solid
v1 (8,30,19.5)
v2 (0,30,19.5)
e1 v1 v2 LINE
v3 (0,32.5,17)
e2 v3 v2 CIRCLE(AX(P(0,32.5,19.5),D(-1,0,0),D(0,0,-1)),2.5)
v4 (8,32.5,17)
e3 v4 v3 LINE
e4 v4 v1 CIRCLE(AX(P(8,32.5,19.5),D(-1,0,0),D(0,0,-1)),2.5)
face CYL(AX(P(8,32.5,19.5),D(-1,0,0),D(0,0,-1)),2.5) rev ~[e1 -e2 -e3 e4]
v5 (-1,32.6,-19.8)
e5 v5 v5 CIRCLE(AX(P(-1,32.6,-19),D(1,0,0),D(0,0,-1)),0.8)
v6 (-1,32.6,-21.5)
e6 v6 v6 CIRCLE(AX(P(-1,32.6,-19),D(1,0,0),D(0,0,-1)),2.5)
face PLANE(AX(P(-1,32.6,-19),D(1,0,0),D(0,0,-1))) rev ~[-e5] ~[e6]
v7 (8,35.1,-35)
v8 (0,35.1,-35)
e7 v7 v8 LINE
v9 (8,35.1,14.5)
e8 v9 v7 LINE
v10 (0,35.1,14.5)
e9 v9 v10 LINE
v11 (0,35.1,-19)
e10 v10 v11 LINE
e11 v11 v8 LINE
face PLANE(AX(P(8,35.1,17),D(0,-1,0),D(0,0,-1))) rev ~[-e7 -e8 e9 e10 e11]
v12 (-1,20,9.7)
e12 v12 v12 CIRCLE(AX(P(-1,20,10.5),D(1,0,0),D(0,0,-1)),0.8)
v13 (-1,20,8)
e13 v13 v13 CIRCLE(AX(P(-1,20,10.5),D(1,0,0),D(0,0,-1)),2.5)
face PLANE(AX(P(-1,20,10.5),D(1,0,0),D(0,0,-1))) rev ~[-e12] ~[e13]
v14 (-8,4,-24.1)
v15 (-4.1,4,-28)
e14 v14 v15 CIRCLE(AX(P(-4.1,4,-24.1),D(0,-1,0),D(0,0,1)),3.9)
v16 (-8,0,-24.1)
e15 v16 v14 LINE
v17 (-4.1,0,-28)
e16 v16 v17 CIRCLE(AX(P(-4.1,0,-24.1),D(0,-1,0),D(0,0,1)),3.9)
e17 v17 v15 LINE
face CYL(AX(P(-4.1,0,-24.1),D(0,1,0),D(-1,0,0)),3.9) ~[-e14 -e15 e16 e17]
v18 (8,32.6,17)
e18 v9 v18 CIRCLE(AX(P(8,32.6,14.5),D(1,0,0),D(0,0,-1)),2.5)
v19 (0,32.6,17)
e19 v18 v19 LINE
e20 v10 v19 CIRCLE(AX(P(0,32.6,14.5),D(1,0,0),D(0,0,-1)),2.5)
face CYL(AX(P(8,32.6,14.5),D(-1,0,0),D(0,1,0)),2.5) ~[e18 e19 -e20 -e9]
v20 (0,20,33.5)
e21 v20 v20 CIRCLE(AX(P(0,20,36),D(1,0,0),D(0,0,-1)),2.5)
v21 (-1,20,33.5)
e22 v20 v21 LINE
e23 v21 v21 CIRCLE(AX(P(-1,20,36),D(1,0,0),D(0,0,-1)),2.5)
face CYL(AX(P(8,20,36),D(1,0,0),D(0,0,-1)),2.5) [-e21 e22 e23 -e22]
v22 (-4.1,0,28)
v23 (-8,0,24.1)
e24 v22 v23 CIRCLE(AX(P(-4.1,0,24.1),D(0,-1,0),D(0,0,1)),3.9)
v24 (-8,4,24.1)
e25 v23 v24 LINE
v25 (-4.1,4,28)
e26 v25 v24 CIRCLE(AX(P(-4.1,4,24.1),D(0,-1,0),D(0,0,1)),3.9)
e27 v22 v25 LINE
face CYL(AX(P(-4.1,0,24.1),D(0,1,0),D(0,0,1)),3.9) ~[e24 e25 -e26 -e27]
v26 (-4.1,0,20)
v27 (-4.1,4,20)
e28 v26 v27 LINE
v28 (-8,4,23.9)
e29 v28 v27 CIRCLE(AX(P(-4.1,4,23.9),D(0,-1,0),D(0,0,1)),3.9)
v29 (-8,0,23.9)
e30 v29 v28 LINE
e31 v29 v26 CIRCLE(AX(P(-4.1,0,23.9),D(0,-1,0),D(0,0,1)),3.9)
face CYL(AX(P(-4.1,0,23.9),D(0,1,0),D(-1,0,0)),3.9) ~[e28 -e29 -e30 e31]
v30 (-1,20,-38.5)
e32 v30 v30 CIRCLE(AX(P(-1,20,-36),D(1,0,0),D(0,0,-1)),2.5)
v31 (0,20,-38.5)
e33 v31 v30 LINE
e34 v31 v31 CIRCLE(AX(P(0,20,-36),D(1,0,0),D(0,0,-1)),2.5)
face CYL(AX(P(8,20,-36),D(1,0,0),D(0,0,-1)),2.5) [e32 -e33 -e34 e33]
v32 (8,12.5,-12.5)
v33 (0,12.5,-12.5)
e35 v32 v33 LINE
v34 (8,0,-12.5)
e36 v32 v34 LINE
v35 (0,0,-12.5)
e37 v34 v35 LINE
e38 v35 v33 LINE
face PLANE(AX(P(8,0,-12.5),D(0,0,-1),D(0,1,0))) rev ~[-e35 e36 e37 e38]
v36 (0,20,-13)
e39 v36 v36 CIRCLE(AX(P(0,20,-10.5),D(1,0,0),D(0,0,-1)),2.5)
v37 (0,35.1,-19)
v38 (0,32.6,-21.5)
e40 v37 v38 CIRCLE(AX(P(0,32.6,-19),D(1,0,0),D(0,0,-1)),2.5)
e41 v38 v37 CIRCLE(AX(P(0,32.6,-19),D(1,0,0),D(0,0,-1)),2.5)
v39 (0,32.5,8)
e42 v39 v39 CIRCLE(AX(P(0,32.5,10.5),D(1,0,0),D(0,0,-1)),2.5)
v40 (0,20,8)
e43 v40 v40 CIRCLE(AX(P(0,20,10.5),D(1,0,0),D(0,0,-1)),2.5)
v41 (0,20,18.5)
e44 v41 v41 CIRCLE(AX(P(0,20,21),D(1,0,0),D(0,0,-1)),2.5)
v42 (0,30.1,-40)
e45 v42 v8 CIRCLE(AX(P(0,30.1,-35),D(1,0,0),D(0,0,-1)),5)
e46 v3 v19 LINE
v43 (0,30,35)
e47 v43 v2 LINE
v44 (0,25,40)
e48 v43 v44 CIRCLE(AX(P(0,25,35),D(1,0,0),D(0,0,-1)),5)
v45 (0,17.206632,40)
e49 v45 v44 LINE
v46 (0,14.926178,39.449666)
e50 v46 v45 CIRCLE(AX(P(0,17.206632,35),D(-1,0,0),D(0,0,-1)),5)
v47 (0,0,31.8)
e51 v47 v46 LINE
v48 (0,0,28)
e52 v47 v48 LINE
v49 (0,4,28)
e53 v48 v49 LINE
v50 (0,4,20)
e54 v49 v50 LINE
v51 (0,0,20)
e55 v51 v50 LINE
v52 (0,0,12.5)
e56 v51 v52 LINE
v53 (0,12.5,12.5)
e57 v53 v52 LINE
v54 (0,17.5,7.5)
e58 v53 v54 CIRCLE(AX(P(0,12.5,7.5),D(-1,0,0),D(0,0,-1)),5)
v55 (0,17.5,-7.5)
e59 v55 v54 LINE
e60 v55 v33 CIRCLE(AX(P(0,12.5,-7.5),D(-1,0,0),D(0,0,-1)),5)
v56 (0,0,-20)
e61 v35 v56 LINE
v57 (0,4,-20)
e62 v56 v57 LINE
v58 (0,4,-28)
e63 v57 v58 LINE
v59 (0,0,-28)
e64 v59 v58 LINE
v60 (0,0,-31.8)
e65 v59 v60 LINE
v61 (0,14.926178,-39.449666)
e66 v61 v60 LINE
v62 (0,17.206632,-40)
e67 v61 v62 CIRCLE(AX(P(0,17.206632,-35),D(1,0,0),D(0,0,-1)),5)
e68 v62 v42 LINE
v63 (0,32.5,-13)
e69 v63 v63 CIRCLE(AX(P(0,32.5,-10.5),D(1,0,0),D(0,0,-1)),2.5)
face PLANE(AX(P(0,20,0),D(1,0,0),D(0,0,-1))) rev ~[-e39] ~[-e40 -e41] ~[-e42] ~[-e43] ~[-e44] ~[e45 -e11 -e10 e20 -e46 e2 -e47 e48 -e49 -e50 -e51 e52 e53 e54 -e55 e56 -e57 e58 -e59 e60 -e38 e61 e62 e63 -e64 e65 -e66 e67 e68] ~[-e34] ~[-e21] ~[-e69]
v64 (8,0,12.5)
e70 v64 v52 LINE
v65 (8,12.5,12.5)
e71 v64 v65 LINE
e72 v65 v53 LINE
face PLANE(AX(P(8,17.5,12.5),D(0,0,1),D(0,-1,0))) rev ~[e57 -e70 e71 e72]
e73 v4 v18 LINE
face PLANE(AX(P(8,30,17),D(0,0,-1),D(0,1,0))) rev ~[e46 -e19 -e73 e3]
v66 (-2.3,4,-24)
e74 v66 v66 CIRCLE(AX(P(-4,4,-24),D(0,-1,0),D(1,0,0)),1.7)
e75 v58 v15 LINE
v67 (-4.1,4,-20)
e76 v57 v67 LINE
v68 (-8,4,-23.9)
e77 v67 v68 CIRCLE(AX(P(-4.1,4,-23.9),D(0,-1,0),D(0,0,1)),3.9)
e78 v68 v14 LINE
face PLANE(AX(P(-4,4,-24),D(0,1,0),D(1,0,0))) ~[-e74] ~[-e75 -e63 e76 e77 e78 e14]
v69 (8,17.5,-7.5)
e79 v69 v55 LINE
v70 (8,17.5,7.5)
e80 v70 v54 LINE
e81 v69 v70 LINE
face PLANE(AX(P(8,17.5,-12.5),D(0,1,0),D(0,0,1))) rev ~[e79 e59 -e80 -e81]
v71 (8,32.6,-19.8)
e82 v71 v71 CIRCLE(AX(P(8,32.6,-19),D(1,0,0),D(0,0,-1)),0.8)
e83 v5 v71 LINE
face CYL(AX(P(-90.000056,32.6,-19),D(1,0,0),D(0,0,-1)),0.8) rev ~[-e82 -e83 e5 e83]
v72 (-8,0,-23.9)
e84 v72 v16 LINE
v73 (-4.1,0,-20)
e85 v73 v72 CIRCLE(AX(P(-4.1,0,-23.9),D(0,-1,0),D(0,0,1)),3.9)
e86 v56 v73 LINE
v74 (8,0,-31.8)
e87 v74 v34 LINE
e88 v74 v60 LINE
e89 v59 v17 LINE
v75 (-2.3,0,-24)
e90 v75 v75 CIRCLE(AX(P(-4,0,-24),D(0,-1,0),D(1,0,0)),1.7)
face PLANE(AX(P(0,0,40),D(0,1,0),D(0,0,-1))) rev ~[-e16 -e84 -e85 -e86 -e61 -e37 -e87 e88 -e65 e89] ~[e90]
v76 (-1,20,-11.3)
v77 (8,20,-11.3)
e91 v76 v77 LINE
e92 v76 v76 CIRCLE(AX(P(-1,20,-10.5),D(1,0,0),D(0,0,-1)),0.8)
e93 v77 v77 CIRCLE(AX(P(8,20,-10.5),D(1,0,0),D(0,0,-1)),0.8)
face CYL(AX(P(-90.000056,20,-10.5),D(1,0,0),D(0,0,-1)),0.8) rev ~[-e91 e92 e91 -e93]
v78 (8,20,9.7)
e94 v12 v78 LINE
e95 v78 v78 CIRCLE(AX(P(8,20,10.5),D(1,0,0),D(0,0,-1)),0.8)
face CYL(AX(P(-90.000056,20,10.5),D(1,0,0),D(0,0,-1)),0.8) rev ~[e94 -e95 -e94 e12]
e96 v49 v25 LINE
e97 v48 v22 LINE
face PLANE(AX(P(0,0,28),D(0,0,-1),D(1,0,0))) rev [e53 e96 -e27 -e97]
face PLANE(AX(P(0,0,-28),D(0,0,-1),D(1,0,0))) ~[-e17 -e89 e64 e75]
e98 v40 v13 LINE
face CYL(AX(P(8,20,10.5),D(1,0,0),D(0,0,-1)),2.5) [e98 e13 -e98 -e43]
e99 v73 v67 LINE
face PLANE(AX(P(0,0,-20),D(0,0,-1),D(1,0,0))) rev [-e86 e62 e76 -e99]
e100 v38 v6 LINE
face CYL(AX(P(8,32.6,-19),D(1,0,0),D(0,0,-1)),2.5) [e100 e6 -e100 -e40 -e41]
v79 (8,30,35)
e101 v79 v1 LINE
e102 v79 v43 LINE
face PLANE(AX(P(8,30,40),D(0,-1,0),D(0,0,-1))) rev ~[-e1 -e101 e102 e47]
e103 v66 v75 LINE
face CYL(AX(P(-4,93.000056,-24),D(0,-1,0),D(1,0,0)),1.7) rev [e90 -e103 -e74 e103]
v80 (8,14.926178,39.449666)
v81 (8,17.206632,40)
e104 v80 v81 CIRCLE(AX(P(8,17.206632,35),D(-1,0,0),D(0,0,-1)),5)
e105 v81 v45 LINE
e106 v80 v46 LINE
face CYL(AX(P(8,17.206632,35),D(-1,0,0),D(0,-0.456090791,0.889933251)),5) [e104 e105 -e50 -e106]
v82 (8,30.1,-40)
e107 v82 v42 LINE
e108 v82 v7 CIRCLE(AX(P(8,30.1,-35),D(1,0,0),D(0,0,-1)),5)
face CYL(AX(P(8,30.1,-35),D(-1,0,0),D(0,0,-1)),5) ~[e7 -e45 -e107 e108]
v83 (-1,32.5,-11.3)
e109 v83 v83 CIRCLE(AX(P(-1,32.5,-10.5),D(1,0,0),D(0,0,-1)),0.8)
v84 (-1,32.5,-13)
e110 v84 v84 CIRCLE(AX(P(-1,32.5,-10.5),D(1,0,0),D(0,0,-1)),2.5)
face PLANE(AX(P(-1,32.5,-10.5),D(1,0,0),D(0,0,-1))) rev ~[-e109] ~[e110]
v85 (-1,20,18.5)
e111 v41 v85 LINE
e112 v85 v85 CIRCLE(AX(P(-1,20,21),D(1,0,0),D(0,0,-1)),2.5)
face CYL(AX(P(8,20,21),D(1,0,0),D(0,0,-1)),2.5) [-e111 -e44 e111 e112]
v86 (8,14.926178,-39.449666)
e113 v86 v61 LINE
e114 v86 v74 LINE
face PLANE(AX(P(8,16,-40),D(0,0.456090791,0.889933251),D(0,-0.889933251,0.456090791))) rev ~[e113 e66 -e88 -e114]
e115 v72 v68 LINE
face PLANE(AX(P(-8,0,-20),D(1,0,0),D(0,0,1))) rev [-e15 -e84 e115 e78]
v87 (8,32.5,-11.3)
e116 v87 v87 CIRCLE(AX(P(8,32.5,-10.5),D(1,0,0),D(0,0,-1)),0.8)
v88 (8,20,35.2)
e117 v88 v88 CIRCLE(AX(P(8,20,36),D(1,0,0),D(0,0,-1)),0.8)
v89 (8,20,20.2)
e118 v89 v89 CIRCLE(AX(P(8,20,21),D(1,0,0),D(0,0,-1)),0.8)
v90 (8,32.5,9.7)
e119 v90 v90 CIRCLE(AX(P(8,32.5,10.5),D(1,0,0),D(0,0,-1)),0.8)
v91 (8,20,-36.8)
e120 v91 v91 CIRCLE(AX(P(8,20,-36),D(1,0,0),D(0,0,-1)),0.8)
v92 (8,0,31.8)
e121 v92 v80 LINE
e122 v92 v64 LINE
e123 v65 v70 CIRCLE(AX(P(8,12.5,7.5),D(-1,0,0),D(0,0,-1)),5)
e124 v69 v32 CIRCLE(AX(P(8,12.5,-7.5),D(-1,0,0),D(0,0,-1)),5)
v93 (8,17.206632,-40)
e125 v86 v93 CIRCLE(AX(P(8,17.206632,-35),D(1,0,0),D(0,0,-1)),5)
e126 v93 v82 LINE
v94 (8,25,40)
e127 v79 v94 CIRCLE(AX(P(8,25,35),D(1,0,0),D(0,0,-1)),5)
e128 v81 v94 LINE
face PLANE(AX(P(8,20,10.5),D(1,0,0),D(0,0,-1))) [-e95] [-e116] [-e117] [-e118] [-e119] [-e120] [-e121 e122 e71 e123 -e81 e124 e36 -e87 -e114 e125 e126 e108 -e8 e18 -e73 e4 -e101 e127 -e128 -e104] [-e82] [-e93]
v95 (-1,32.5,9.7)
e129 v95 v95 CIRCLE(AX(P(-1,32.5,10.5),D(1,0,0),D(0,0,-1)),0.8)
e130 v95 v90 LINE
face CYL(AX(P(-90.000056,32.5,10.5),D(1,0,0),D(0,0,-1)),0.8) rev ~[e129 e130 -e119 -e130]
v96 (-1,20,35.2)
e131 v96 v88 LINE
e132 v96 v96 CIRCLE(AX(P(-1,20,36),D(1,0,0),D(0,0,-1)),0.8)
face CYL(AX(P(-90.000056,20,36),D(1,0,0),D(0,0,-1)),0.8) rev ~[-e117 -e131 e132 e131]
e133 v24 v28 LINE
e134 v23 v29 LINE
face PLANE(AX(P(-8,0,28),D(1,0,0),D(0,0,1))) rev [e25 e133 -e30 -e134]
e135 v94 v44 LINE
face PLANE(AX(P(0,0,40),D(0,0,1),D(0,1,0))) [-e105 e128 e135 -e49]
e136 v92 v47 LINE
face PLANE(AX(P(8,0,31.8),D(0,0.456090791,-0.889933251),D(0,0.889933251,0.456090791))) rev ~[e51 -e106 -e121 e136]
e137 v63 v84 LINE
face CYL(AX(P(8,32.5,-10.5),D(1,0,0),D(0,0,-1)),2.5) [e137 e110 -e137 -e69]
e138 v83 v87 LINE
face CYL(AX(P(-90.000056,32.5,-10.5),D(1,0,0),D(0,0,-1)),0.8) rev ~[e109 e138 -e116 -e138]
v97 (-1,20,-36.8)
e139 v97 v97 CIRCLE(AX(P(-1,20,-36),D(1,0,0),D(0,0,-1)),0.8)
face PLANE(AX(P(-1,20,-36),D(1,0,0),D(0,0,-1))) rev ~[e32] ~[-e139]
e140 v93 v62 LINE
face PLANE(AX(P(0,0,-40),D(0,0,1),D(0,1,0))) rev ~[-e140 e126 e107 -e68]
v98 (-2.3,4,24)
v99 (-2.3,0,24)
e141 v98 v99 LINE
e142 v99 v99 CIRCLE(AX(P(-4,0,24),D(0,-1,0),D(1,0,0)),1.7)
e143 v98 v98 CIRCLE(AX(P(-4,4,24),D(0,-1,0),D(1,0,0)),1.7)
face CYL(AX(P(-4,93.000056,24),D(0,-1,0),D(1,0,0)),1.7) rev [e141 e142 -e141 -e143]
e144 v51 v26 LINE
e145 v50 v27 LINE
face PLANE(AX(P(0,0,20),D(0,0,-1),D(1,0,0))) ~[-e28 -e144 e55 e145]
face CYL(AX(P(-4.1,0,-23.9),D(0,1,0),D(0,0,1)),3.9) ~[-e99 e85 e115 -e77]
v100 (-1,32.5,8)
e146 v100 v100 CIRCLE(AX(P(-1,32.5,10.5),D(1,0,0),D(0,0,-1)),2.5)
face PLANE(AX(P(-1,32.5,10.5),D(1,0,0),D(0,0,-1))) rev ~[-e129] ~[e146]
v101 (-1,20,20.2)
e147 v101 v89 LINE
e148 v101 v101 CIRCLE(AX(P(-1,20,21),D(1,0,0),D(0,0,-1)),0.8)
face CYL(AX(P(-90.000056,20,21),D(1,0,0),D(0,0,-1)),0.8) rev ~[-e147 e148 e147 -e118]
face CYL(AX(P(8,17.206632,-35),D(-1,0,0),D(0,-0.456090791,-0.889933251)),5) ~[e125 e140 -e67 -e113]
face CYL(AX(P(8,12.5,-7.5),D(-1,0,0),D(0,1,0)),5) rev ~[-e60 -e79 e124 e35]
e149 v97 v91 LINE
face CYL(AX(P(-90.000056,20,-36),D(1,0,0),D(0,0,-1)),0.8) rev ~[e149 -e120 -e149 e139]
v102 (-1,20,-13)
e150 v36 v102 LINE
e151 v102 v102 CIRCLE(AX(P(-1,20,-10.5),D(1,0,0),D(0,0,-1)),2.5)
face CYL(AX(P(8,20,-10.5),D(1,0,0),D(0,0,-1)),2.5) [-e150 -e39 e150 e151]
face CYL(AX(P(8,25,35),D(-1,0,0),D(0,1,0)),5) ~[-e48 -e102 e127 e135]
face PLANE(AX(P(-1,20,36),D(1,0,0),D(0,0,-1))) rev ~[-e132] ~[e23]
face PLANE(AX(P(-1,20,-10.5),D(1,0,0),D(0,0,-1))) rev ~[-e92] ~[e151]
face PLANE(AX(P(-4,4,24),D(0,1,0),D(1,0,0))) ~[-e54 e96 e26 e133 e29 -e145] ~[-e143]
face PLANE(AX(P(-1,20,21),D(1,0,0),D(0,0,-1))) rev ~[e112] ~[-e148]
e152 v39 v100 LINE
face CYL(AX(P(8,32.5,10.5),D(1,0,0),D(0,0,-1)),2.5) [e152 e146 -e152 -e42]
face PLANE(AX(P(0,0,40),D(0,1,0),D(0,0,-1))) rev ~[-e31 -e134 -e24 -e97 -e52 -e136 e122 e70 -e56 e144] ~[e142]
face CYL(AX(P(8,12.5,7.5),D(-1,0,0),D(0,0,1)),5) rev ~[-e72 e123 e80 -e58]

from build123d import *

# Parameters (mm, degrees)
SKETCH2_W             = 80
SKETCH2_H             = 40
BOSS_EXTRUDE1_DEPTH   = 8
SKETCH3_R             = 2.5
BOSS_EXTRUDE2_DEPTH   = 9
SKETCH4_R             = 2.5
BOSS_EXTRUDE3_DEPTH   = 9
SKETCH5_R             = 2.5
BOSS_EXTRUDE4_DEPTH   = 9
CUT_EXTRUDE1_DEPTH    = 10
FILLET5_R             = 5
FILLET6_R             = 2.5
SKETCH8_W             = 8
SKETCH8_H             = 8
BOSS_EXTRUDE5_DEPTH   = 4
FILLET7_R             = 3.9
M3_CLEARANCE_HOLE1_D  = 3.4
M2X0_4_TAPPED_HOLE1_D = 1.6
FILLET7_OF_MIRROR1_R  = 3.9
SKETCH13_W            = 18.895911776
SKETCH13_H            = 64.667980446
CUT_EXTRUDE2_DEPTH    = 10


with BuildPart() as part:
    # Sketch2 → Boss-Extrude1 (new body)
    with BuildSketch(Plane(origin=(0, 0, 0), x_dir=(0, 0, -1), z_dir=(1, 0, 0))):
        with Locations((0, 20)):
            Rectangle(SKETCH2_W, SKETCH2_H)
    extrude(amount=BOSS_EXTRUDE1_DEPTH)

    # Sketch3 → Boss-Extrude2 (add)
    with BuildSketch(Plane(origin=(8, 0, 0), x_dir=(0, 0, -1), z_dir=(1, 0, 0))):
        with Locations((-36, 20)):
            Circle(SKETCH3_R)
        with Locations((-21, 20)):
            Circle(SKETCH3_R)
    extrude(amount=-BOSS_EXTRUDE2_DEPTH)

    # Sketch4 → Boss-Extrude3 (add)
    with BuildSketch(Plane(origin=(8, 0, 0), x_dir=(0, 0, -1), z_dir=(1, 0, 0))):
        with Locations((36, 20)):
            Circle(SKETCH4_R)
        with Locations((19, 32.6)):
            Circle(SKETCH4_R)
    extrude(amount=-BOSS_EXTRUDE3_DEPTH)

    # Sketch5 → Boss-Extrude4 (add)
    with BuildSketch(Plane(origin=(8, 0, 0), x_dir=(0, 0, -1), z_dir=(1, 0, 0))):
        with Locations((-10.5, 20)):
            Circle(SKETCH5_R)
        with Locations((10.5, 20)):
            Circle(SKETCH5_R)
        with Locations((10.5, 32.5)):
            Circle(SKETCH5_R)
        with Locations((-10.5, 32.5)):
            Circle(SKETCH5_R)
    extrude(amount=-BOSS_EXTRUDE4_DEPTH)

    # Sketch7 → Cut-Extrude1 (cut, through all)
    with BuildSketch(Plane(origin=(8, 0, 0), x_dir=(0, 0, -1), z_dir=(1, 0, 0))):
        Polygon((-31.8, 0), (-40, 16), (-47.08718472, 13.485117516), (-40, -21.908315756), (60.433184959, -20.412978779), (53.645426669, 13.485117516), (40, 16), (31.8, 0), (12.5, 0), (12.5, 17.5), (-12.5, 17.5), (-12.5, 0), align=None)
        Polygon((-40, 30), (-17, 30), (-17, 35.1), (40, 35.1), (58.962780813, 50.466125935), (-17, 44.25101618), (-17, 56.378048051), (-45.880127829, 54.443581987), align=None)
    extrude(amount=-CUT_EXTRUDE1_DEPTH, mode=Mode.SUBTRACT)

    # Fillet5
    fillet5_edges = [part.edges().sort_by_distance(p)[0] for p in [
        (4, 30, 40),
        (4, 35.1, -40),
        (4, 17.5, 12.5),
        (4, 17.5, -12.5),
        (4, 16, -40),
        (4, 16, 40),
    ]]
    fillet(fillet5_edges, radius=FILLET5_R)

    # Fillet6
    fillet6_edges = [part.edges().sort_by_distance(p)[0] for p in [
        (4, 35.1, 17),
        (4, 30, 17),
    ]]
    fillet(fillet6_edges, radius=FILLET6_R)

    # Sketch8 → Boss-Extrude5 (add)
    with BuildSketch(Plane(origin=(0, 0, 0), x_dir=(1, 0, 0), z_dir=(0, 1, 0))):
        with Locations((12, -24)):
            Rectangle(SKETCH8_W, SKETCH8_H)
        with Locations((12, 24)):
            Rectangle(SKETCH8_W, SKETCH8_H)
    boss_extrude5 = extrude(amount=BOSS_EXTRUDE5_DEPTH)

    # Fillet7
    fillet7_edges = [part.edges().sort_by_distance(p)[0] for p in [
        (16, 2, -20),
        (16, 2, -28),
        (16, 2, 28),
        (16, 2, 20),
    ]]
    fillet(fillet7_edges, radius=FILLET7_R)

    # M3 Clearance Hole1 (through all)
    with Locations(Plane(origin=(0, 4, 0), x_dir=(1, 0, 0), z_dir=(0, 1, 0))):
        with Locations((12, -24), (-4, -24), (-4, 24), (12, 24)):
            m3_clearance_hole1 = Hole(M3_CLEARANCE_HOLE1_D / 2)

    # M2x0.4 Tapped Hole1 (through all)
    with Locations(Plane.ZY.offset(1)):
        with Locations((-19, 32.6), (-36, 20), (-10.5, 32.5), (-10.5, 20), (10.5, 20), (10.5, 32.5), (21, 20), (36, 20)):
            Hole(M2X0_4_TAPPED_HOLE1_D / 2)

    # Mirror1: Boss-Extrude5, M3 Clearance Hole1 across plane
    add(boss_extrude5.mirror(Plane(origin=(4, 0, 0), x_dir=(0, 0, 1), z_dir=(1, 0, 0))))
    add(m3_clearance_hole1.mirror(Plane(origin=(4, 0, 0), x_dir=(0, 0, 1), z_dir=(1, 0, 0))), mode=Mode.SUBTRACT)

    # Fillet7 of Mirror1
    fillet7_of_mirror1_edges = [part.edges().sort_by_distance(p)[0] for p in [
        (-8, 2, -20),
        (-8, 2, -28),
        (-8, 2, 28),
        (-8, 2, 20),
    ]]
    fillet(fillet7_of_mirror1_edges, radius=FILLET7_OF_MIRROR1_R)

    # Sketch13 → Cut-Extrude2 (cut)
    with BuildSketch(Plane(origin=(0, 0, 0), x_dir=(1, 0, 0), z_dir=(0, 1, 0))):
        with Locations((17.447955888, 0.533990223)):
            Rectangle(SKETCH13_W, SKETCH13_H)
    extrude(amount=CUT_EXTRUDE2_DEPTH, mode=Mode.SUBTRACT)


solid = part.part
